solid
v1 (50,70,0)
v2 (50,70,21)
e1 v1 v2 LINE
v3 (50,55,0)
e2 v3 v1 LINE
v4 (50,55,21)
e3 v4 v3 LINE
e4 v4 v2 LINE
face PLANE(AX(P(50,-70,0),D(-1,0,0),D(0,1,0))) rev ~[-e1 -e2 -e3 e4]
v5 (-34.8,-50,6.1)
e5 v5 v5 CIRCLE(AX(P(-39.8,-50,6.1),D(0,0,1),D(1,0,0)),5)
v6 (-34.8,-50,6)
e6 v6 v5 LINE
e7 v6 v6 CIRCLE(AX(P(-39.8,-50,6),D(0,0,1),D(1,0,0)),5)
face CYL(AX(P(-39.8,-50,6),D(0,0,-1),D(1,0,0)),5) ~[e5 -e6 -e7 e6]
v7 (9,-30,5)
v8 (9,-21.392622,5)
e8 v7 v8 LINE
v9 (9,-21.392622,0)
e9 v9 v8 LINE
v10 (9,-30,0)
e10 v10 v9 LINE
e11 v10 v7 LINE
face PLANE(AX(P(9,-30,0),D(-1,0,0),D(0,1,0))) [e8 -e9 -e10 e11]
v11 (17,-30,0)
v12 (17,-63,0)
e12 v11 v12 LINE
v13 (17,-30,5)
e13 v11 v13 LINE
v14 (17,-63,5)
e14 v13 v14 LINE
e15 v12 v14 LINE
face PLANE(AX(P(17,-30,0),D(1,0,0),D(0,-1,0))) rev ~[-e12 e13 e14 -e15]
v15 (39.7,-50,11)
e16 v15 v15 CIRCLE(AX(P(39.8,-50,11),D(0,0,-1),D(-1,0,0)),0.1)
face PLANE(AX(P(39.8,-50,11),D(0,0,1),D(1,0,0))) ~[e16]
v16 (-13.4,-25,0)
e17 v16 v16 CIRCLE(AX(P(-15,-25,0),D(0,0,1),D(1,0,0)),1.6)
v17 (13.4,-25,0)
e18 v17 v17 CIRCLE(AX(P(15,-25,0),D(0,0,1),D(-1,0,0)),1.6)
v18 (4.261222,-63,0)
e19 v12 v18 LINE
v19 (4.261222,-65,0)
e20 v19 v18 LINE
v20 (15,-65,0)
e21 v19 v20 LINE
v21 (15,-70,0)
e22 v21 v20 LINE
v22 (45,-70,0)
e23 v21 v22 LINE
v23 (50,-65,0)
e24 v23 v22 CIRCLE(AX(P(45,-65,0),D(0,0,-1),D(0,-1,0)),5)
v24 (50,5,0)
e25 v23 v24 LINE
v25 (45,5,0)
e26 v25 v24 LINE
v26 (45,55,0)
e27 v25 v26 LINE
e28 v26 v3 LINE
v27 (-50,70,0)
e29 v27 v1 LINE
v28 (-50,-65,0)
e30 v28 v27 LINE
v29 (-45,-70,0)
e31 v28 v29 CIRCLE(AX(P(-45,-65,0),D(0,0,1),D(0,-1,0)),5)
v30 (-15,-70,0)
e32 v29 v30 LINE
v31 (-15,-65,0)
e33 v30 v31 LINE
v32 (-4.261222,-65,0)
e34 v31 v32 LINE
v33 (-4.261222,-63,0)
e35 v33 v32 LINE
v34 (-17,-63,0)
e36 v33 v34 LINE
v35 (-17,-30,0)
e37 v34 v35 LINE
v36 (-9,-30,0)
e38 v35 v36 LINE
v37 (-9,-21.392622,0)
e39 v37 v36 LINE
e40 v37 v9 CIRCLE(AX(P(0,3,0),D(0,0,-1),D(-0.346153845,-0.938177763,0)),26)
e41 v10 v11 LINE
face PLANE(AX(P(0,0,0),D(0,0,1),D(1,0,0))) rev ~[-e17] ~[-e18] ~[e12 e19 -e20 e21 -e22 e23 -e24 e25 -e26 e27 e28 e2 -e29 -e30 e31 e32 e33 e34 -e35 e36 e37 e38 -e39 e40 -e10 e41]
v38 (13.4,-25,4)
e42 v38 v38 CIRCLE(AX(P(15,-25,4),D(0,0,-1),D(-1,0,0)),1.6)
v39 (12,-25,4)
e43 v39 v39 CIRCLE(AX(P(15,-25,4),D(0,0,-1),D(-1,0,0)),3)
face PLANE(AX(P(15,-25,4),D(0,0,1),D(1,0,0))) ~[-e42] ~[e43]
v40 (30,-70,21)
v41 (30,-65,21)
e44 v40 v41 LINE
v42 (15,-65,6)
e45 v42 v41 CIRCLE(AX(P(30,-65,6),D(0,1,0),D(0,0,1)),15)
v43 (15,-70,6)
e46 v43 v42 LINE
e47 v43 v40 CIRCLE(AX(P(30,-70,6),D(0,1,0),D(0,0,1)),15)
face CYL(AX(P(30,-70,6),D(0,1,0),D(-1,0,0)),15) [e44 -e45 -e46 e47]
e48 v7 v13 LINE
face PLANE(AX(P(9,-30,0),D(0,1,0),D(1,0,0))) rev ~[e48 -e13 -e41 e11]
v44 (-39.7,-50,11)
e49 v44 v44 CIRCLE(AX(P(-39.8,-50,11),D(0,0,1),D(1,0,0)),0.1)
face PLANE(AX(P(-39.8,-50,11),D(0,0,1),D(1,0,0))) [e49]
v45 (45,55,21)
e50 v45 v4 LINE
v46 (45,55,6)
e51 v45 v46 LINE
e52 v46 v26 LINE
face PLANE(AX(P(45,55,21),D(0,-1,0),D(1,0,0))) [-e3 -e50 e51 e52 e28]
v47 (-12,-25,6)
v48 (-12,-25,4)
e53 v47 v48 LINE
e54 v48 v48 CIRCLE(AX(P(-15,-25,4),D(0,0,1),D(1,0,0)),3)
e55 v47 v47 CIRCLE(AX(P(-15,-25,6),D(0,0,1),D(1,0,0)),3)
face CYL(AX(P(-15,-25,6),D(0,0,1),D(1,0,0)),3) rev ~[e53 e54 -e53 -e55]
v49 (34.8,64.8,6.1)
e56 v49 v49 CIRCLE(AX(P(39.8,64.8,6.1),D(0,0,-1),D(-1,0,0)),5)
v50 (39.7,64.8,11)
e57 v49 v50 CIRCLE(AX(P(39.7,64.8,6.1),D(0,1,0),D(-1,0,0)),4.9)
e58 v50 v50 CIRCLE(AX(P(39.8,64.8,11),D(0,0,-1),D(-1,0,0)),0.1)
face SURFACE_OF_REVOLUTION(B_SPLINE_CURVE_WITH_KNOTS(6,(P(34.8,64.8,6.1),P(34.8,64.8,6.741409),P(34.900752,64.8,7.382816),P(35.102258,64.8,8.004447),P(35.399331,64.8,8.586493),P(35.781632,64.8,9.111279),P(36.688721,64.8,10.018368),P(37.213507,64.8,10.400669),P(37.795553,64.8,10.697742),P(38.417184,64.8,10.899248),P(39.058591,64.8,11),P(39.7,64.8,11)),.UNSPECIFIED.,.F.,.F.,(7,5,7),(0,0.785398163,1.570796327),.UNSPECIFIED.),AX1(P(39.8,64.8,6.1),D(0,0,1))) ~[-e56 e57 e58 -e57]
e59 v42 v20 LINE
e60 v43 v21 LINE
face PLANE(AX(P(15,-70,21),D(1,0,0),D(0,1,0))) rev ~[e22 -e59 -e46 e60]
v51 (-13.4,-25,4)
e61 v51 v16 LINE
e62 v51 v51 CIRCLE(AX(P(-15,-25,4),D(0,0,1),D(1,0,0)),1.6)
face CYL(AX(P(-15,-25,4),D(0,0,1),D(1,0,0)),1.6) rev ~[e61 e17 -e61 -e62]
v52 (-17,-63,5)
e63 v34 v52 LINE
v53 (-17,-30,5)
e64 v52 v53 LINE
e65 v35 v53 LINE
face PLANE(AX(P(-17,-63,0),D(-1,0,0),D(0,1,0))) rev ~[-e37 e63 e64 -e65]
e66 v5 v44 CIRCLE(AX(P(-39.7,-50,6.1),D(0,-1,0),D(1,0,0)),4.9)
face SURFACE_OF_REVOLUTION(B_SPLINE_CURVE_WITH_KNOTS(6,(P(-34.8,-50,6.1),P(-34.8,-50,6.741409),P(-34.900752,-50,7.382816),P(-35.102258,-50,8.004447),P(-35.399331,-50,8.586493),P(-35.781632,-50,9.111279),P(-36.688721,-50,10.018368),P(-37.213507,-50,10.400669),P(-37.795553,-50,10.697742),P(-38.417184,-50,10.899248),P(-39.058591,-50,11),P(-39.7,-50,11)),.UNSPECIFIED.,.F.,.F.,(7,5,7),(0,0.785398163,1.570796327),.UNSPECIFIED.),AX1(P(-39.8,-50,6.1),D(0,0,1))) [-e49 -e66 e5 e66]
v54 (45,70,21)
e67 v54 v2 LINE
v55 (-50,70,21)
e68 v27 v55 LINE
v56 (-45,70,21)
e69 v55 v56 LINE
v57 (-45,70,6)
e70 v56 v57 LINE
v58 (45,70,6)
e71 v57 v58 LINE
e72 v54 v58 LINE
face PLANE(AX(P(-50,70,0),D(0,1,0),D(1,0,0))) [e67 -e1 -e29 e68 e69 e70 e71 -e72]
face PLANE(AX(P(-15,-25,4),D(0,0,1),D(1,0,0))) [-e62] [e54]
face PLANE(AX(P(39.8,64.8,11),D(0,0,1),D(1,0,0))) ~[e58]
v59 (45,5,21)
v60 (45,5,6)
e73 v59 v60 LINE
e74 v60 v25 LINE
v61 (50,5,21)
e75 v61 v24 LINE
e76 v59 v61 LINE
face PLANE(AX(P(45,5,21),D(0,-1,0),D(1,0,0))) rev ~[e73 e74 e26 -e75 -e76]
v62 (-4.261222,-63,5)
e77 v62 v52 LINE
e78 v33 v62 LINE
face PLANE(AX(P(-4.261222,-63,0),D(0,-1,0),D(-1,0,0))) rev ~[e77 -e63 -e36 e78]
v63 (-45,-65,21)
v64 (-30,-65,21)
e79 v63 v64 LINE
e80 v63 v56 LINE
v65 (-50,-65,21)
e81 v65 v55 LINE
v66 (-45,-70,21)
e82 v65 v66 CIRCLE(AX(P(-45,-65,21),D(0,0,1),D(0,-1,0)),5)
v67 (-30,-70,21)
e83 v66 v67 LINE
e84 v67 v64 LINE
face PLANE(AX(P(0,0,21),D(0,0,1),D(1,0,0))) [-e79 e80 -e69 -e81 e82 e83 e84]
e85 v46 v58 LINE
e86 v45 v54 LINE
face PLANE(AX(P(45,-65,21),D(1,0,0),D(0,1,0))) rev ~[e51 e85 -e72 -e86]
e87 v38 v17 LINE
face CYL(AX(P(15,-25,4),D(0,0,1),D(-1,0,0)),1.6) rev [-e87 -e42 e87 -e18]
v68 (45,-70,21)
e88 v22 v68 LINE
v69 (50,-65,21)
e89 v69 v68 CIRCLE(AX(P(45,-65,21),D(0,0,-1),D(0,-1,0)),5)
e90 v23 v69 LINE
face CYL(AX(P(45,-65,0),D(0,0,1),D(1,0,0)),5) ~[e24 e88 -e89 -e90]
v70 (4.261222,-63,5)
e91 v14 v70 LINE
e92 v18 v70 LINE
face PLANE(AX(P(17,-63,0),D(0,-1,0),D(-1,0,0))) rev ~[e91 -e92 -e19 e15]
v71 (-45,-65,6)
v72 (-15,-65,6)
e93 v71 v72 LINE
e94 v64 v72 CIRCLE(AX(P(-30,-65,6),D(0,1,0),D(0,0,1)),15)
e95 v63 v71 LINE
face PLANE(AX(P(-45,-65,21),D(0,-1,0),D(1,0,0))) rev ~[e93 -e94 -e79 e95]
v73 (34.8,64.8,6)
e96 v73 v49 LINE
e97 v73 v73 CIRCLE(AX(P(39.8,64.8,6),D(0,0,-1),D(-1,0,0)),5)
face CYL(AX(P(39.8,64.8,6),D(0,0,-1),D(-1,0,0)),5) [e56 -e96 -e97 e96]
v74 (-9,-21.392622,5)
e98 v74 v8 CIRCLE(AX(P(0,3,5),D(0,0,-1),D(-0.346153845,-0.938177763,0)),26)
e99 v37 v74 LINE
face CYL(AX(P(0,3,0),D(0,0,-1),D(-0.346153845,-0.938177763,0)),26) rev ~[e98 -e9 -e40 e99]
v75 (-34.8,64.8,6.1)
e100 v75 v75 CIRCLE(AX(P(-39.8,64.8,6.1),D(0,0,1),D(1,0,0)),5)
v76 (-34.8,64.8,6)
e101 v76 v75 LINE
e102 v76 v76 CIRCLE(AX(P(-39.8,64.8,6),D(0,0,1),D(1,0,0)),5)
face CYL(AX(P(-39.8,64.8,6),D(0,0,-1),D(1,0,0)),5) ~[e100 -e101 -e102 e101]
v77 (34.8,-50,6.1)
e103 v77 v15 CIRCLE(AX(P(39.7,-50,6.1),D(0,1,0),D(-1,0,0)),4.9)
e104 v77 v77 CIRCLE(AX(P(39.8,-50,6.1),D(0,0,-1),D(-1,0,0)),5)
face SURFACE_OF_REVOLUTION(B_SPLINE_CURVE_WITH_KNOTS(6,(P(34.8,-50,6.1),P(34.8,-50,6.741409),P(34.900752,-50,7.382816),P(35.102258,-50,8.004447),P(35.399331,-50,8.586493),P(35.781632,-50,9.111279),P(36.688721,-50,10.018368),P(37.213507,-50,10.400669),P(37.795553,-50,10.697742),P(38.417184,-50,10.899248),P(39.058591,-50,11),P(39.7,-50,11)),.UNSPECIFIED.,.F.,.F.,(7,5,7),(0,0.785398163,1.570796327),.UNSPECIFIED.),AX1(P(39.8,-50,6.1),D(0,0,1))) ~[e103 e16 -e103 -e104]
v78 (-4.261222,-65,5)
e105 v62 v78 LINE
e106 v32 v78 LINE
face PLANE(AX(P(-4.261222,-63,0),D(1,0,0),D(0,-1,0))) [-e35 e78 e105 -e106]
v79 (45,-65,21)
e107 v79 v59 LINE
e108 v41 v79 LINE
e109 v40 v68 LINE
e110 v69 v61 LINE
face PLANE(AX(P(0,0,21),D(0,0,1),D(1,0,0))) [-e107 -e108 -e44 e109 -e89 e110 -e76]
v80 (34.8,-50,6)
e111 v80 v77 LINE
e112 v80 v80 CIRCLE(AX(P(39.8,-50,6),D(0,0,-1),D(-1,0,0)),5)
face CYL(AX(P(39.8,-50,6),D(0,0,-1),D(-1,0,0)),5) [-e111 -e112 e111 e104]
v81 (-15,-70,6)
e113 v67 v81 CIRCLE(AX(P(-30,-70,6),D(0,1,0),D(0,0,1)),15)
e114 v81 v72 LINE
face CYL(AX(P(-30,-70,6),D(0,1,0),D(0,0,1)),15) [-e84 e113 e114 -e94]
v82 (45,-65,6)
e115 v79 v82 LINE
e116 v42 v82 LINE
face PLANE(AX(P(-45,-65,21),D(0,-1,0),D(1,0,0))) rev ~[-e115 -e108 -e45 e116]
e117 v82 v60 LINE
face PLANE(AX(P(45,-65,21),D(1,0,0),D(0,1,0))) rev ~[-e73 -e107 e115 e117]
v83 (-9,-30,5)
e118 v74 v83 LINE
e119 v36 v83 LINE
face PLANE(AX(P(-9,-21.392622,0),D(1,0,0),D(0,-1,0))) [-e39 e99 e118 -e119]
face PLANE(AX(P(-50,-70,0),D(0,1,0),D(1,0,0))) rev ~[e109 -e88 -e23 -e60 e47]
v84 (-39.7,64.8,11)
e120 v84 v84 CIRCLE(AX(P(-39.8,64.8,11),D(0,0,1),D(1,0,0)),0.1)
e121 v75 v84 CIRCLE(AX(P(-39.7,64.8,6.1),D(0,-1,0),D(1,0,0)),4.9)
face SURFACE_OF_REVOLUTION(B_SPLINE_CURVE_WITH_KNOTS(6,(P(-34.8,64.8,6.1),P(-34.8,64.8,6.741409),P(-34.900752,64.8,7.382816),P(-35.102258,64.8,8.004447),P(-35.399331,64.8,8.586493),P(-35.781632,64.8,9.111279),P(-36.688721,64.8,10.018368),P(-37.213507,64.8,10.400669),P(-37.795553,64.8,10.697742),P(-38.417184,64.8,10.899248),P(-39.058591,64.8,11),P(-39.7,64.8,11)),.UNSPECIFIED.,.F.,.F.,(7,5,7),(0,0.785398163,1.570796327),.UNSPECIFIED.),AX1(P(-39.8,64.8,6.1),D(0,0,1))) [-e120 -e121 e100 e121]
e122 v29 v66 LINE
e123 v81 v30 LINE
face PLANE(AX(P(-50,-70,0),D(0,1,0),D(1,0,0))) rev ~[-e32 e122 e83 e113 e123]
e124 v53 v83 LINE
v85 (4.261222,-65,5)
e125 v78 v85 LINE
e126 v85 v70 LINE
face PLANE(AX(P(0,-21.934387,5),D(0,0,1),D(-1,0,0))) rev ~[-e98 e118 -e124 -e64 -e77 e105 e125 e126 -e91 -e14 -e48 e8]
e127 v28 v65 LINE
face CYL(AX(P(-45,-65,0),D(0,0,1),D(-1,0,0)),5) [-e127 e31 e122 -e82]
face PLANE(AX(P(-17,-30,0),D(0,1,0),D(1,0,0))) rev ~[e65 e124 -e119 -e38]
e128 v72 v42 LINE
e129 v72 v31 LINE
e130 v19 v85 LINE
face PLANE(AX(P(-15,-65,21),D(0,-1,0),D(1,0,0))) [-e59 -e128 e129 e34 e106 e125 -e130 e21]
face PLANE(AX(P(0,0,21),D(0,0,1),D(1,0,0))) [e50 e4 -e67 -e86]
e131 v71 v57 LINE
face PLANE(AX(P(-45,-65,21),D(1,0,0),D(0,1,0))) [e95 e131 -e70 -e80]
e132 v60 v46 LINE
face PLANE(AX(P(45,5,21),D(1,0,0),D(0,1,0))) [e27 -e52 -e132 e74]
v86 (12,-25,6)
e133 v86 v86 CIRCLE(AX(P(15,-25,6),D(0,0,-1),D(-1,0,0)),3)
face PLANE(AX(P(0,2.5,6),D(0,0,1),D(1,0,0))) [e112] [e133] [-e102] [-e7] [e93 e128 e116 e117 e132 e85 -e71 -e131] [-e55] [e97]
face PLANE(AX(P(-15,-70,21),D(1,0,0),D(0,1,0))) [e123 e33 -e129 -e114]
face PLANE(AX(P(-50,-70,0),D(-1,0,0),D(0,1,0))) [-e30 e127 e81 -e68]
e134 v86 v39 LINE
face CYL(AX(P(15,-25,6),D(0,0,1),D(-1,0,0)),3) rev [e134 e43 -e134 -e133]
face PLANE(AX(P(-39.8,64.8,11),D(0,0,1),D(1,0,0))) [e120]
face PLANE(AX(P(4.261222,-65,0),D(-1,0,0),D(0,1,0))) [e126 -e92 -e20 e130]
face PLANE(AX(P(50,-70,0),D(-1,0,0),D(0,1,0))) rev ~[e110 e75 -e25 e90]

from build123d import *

# Parameters (mm, degrees)
SKETCH_W        = 100
SKETCH_H        = 140
PAD_DEPTH       = 21
SKETCH001_W     = 90
SKETCH001_H     = 135
POCKET_DEPTH    = 15
SKETCH003_R     = 3
POCKET001_DEPTH = 2
SKETCH004_R     = 1.6
POCKET002_DEPTH = 350.647794
SKETCH005_W     = 5
SKETCH005_H     = 50
POCKET003_DEPTH = 21.001
SKETCH006_W     = 30
SKETCH006_H     = 5
POCKET004_DEPTH = 21.001
FILLET_R        = 5
POCKET005_DEPTH = 5
FILLET001_R     = 15
SKETCH008_R     = 5
PAD001_DEPTH    = 5
FILLET002_R     = 4.9
SKETCH009_R     = 5
PAD002_DEPTH    = 5
FILLET003_R     = 4.9


with BuildPart() as part:
    # Sketch → Pad (new body)
    with BuildSketch(Plane.XY):
        Rectangle(SKETCH_W, SKETCH_H)
    extrude(amount=PAD_DEPTH)

    # Sketch001 → Pocket (cut)
    with BuildSketch(Plane.XY.offset(21)):
        with Locations((0, 2.5)):
            Rectangle(SKETCH001_W, SKETCH001_H)
    extrude(amount=-POCKET_DEPTH, mode=Mode.SUBTRACT)

    # Sketch003 → Pocket001 (cut)
    with BuildSketch(Plane.XY.offset(6)):
        with Locations((-15, -25)):
            Circle(SKETCH003_R)
    pocket001 = extrude(amount=-POCKET001_DEPTH, mode=Mode.SUBTRACT)

    # Sketch004 → Pocket002 (cut, through all)
    with BuildSketch(Plane.XY.offset(4)):
        with Locations((-15, -25)):
            Circle(SKETCH004_R)
    pocket002 = extrude(amount=-POCKET002_DEPTH, mode=Mode.SUBTRACT)

    # Mirrored: Pocket002, Pocket001 across Sketch004 V_Axis
    add(pocket002.mirror(Plane(origin=(0, 0, 4), x_dir=(0, 0, 1), z_dir=(1, 0, 0))), mode=Mode.SUBTRACT)
    add(pocket001.mirror(Plane(origin=(0, 0, 4), x_dir=(0, 0, 1), z_dir=(1, 0, 0))), mode=Mode.SUBTRACT)

    # Sketch005 → Pocket003 (cut, through all)
    with BuildSketch(Plane.XY.offset(21)):
        with Locations((47.5, 30)):
            Rectangle(SKETCH005_W, SKETCH005_H)
    extrude(amount=-POCKET003_DEPTH, mode=Mode.SUBTRACT)

    # Sketch006 → Pocket004 (cut, through all)
    with BuildSketch(Plane.XY.offset(21)):
        with Locations((0, -67.5)):
            Rectangle(SKETCH006_W, SKETCH006_H)
    extrude(amount=-POCKET004_DEPTH, mode=Mode.SUBTRACT)

    # Fillet
    fillet_edges = [part.edges().sort_by_distance(p)[0] for p in [
        (-50, -70, 10.5),
        (50, -70, 10.5),
    ]]
    fillet(fillet_edges, radius=FILLET_R)

    # Sketch007 → Pocket005 (cut)
    with BuildSketch(Plane(origin=(0, 0, 0), x_dir=(1, 0, 0), z_dir=(0, 0, -1))):
        with BuildLine():
            Line((9, 30), (9, 21.392622))
            ThreePointArc((-9, 21.392622), (0, -29), (9, 21.392622))
            Line((-9, 21.392622), (-9, 30))
            Line((-17, 30), (-9, 30))
            Line((-17, 63), (-17, 30))
            Line((-4.261222, 63), (-17, 63))
            Line((-4.261222, 63), (-4.261222, 65))
            Line((-4.261222, 65), (4.261222, 65))
            Line((4.261222, 65), (4.261222, 63))
            Line((17, 63), (4.261222, 63))
            Line((17, 30), (17, 63))
            Line((9, 30), (17, 30))
        make_face()
    extrude(amount=-POCKET005_DEPTH, mode=Mode.SUBTRACT)

    # Fillet001
    fillet001_edges = [part.edges().sort_by_distance(p)[0] for p in [
        (-15, -67.5, 21),
        (15, -67.5, 21),
    ]]
    fillet(fillet001_edges, radius=FILLET001_R)

    # Sketch008 → Pad001 (new body)
    with BuildSketch(Plane.XY.offset(6)):
        with Locations((-39.8, 64.8)):
            Circle(SKETCH008_R)
    pad001 = extrude(amount=PAD001_DEPTH)

    # Mirrored001: Pad001 across Sketch008 V_Axis
    add(pad001.mirror(Plane(origin=(0, 0, 6), x_dir=(0, 0, 1), z_dir=(1, 0, 0))))

    # Fillet002
    fillet002_edges = [part.edges().sort_by_distance(p)[0] for p in [
        (-44.8, 64.8, 11),
        (44.8, 64.8, 11),
    ]]
    fillet(fillet002_edges, radius=FILLET002_R)

    # Sketch009 → Pad002 (new body)
    with BuildSketch(Plane.XY.offset(6)):
        with Locations((-39.8, -50)):
            Circle(SKETCH009_R)
    pad002 = extrude(amount=PAD002_DEPTH)

    # Mirrored002: Pad002 across Sketch009 V_Axis
    add(pad002.mirror(Plane(origin=(0, 0, 6), x_dir=(0, 0, 1), z_dir=(1, 0, 0))))

    # Fillet003
    fillet003_edges = [part.edges().sort_by_distance(p)[0] for p in [
        (-44.8, -50, 11),
        (44.8, -50, 11),
    ]]
    fillet(fillet003_edges, radius=FILLET003_R)


solid = part.part
